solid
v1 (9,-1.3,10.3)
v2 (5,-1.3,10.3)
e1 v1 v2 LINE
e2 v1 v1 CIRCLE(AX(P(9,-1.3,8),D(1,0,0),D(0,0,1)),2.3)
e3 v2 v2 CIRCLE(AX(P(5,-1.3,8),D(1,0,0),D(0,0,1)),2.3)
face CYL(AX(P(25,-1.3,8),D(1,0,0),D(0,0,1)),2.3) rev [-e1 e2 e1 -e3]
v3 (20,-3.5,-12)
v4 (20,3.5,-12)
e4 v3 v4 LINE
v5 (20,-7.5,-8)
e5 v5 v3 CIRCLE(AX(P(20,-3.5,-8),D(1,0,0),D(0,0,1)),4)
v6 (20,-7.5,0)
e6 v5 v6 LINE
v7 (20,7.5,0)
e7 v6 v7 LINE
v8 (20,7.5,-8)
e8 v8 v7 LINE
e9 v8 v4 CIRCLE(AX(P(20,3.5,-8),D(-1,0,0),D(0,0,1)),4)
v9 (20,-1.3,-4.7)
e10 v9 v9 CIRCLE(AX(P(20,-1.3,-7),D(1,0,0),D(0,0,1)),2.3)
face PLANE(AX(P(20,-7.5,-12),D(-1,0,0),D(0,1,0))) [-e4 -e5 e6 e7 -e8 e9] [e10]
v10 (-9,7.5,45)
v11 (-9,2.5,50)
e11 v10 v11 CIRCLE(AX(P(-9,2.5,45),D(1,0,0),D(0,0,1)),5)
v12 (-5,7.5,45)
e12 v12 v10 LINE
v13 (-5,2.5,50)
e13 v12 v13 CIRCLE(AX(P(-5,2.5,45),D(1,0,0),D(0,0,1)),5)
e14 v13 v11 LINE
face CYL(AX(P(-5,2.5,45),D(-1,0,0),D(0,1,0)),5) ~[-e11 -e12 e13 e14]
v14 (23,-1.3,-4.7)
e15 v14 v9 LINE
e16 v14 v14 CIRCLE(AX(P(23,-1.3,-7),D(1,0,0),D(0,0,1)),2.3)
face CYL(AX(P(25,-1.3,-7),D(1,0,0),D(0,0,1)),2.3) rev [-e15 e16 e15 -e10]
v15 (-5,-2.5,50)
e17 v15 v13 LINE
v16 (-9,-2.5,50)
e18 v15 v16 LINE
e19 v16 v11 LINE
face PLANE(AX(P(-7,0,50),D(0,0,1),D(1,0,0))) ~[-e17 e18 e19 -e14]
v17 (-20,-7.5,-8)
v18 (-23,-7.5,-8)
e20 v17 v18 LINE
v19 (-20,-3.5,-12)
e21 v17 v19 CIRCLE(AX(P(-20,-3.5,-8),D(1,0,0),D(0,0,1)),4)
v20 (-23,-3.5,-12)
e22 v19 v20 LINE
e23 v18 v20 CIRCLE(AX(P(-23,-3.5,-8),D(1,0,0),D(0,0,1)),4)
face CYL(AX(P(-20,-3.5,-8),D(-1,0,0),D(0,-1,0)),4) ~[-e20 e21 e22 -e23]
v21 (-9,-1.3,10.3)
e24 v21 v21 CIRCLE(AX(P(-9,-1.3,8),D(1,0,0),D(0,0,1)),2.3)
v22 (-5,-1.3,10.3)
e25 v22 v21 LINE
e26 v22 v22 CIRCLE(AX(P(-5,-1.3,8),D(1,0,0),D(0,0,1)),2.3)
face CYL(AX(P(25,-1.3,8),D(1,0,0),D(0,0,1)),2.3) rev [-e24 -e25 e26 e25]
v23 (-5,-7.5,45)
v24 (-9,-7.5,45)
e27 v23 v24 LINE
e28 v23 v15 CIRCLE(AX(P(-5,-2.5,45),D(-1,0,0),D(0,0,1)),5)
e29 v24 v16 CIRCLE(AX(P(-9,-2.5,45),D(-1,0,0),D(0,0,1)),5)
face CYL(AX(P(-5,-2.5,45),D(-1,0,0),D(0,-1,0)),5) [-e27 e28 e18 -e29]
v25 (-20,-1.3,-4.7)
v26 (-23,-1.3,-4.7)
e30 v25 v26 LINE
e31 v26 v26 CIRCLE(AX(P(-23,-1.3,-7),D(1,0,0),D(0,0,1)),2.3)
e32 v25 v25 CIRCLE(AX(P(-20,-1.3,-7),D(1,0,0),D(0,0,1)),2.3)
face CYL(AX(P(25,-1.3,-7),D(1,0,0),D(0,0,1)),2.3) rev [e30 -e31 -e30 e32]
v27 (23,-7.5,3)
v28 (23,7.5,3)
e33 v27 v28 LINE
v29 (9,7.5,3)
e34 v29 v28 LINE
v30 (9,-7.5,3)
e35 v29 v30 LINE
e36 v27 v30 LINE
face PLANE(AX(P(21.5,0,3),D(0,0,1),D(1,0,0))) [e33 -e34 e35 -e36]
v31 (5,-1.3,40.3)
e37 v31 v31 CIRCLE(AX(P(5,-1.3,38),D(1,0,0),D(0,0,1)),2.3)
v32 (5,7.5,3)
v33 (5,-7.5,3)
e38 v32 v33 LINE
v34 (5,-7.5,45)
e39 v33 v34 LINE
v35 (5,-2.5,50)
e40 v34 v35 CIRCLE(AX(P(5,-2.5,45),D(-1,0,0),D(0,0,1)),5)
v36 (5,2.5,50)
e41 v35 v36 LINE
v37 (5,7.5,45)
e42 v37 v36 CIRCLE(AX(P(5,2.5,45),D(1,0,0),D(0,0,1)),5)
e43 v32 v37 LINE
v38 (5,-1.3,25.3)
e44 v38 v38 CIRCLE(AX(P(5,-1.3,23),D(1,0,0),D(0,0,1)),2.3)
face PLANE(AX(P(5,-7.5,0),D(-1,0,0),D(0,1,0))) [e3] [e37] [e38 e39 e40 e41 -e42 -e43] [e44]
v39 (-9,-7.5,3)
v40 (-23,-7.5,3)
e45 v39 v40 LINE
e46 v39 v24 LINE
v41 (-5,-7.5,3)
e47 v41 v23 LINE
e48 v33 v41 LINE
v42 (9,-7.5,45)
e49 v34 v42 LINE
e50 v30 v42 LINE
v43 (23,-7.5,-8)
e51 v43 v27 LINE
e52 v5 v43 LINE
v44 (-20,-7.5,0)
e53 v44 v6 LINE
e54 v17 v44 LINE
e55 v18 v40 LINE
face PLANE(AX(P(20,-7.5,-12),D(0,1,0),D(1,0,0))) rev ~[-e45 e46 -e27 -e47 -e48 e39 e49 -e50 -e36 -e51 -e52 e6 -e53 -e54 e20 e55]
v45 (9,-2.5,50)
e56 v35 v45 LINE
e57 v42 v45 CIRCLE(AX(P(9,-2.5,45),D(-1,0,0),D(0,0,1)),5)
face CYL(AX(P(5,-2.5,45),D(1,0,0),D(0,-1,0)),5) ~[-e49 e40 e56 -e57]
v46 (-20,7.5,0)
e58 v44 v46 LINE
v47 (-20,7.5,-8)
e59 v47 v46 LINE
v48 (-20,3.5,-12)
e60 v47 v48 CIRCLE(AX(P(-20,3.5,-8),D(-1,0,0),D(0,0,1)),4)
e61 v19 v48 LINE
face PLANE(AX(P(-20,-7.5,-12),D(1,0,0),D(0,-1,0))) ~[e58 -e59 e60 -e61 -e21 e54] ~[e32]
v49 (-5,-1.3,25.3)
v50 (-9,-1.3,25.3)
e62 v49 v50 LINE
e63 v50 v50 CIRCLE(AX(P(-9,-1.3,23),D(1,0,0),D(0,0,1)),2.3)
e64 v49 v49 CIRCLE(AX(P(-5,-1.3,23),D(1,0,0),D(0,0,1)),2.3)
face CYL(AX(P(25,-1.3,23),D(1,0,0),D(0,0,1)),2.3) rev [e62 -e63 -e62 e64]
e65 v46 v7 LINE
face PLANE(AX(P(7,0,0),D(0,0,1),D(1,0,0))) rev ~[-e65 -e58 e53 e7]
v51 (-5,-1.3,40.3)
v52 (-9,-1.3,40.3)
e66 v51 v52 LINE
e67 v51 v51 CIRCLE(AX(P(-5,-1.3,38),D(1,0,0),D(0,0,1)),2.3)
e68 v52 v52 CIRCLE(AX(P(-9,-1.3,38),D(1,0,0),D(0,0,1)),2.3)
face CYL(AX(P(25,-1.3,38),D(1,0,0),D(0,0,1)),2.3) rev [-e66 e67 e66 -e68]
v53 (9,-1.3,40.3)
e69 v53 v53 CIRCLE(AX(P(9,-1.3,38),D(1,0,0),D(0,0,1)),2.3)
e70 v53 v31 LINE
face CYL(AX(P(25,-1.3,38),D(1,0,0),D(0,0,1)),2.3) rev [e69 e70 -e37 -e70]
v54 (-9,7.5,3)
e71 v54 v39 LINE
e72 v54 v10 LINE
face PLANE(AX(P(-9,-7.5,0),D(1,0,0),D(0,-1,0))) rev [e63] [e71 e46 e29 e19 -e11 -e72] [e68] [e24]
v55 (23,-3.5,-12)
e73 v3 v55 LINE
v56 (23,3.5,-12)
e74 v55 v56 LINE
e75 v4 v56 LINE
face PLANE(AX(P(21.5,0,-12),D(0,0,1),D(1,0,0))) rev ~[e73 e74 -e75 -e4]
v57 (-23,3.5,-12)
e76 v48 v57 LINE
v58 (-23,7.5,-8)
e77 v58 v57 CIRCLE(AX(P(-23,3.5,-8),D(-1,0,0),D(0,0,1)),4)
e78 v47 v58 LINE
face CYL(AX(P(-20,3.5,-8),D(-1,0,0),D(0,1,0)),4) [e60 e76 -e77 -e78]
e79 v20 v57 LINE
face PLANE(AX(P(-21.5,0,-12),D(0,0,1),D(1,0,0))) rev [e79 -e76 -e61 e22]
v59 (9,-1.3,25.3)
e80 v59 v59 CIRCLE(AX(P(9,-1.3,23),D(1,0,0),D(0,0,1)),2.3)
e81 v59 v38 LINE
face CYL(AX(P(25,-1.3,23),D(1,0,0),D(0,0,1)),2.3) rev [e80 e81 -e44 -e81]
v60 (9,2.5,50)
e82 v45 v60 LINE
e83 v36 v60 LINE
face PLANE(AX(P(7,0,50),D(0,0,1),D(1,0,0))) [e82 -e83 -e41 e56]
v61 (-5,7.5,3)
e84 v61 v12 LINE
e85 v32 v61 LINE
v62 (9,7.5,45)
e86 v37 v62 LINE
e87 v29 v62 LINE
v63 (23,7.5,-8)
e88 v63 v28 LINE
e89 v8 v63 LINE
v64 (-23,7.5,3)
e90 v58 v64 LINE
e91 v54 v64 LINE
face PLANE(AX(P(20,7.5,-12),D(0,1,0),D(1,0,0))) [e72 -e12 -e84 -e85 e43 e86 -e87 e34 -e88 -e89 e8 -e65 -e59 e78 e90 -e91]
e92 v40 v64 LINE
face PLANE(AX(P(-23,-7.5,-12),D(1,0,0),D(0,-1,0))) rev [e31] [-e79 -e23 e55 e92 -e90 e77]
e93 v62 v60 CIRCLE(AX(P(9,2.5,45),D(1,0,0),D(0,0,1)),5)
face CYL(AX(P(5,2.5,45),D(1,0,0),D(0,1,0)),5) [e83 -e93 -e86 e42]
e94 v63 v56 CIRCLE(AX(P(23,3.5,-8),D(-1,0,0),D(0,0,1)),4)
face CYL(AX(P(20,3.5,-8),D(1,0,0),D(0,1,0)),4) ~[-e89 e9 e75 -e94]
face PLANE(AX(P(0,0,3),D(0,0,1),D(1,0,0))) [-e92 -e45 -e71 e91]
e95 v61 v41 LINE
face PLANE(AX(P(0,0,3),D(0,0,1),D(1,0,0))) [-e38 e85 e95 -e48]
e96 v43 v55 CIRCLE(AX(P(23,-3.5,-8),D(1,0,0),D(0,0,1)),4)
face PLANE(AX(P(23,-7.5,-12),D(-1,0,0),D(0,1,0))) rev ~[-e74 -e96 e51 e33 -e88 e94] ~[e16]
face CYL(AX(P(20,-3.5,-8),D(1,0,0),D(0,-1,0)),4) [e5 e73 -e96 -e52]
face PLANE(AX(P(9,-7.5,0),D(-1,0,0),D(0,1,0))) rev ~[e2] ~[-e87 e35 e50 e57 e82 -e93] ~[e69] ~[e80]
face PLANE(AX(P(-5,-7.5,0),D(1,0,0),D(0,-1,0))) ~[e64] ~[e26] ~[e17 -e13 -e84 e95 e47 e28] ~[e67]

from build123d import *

# Parameters (mm, degrees)
CYLINDER_R     = 2.3
CYLINDER_DEPTH = 50
ARRAY_Z_COUNT  = 4
ARRAY_Z_PITCH  = 15
BOX_W          = 40
BOX_H          = 15
BOX_DEPTH      = 3
BOX002_W       = 4
BOX002_H       = 15
BOX002_DEPTH   = 50
FILLET_R       = 5
BOX001_W       = 3
BOX001_H       = 15
BOX001_DEPTH   = 15
FILLET001_R    = 4


with BuildPart() as bolt_hole_array:
    # Cylinder → Cylinder (new body)
    with BuildSketch(Plane(origin=(25, -1.3, -7), x_dir=(0, 0, 1), z_dir=(-1, 0, 0))):
        Circle(CYLINDER_R)
    extrude(amount=CYLINDER_DEPTH)

    # Array Z: bolt hole array ×4


with BuildPart() as bolt_hole_array_1:
    add(bolt_hole_array.part)
    with Locations(*[(0, 0, i * ARRAY_Z_PITCH) for i in range(1, ARRAY_Z_COUNT)]):
        add(bolt_hole_array.part)


with BuildPart() as top_panel:
    # Box → Box (new body)
    with BuildSketch(Plane(origin=(-20, -7.5, 0), x_dir=(1, 0, 0), z_dir=(0, 0, 1))):
        with Locations((20, 7.5)):
            Rectangle(BOX_W, BOX_H)
    extrude(amount=BOX_DEPTH)


with BuildPart() as vertical_cube_fillet:
    # Box002 → Box002 (new body)
    with BuildSketch(Plane(origin=(5, -7.5, 0), x_dir=(1, 0, 0), z_dir=(0, 0, 1))):
        with Locations((2, 7.5)):
            Rectangle(BOX002_W, BOX002_H)
    extrude(amount=BOX002_DEPTH)

    # Fillet
    fillet_edges = [vertical_cube_fillet.edges().sort_by_distance(p)[0] for p in [
        (7, -7.5, 50),
        (7, 7.5, 50),
    ]]
    fillet(fillet_edges, radius=FILLET_R)


with BuildPart() as part_mirroring001:
    # Part__Mirroring001: instance of vertical cube fillet
    add(vertical_cube_fillet.part.mirror(Plane(origin=(0, 0, 0), x_dir=(0, -1, 0), z_dir=(1, 0, 0))))


with BuildPart() as side_cube_fillet:
    # Box001 → Box001 (new body)
    with BuildSketch(Plane(origin=(20, -7.5, -12), x_dir=(1, 0, 0), z_dir=(0, 0, 1))):
        with Locations((1.5, 7.5)):
            Rectangle(BOX001_W, BOX001_H)
    extrude(amount=BOX001_DEPTH)

    # Fillet001
    fillet001_edges = [side_cube_fillet.edges().sort_by_distance(p)[0] for p in [
        (21.5, -7.5, -12),
        (21.5, 7.5, -12),
    ]]
    fillet(fillet001_edges, radius=FILLET001_R)


with BuildPart() as wire_holder_cut:
    # Part__Mirroring: instance of side cube fillet
    add(side_cube_fillet.part.mirror(Plane(origin=(0, 0, 0), x_dir=(0, -1, 0), z_dir=(1, 0, 0))))

    # Fusion: union top panel, Part__Mirroring001, vertical cube fillet, side cube fillet
    add(top_panel.part)
    add(part_mirroring001.part)
    add(vertical_cube_fillet.part)
    add(side_cube_fillet.part)

    # Cut: cut bolt hole array
    add(bolt_hole_array_1.part, mode=Mode.SUBTRACT)


solid = wire_holder_cut.part
